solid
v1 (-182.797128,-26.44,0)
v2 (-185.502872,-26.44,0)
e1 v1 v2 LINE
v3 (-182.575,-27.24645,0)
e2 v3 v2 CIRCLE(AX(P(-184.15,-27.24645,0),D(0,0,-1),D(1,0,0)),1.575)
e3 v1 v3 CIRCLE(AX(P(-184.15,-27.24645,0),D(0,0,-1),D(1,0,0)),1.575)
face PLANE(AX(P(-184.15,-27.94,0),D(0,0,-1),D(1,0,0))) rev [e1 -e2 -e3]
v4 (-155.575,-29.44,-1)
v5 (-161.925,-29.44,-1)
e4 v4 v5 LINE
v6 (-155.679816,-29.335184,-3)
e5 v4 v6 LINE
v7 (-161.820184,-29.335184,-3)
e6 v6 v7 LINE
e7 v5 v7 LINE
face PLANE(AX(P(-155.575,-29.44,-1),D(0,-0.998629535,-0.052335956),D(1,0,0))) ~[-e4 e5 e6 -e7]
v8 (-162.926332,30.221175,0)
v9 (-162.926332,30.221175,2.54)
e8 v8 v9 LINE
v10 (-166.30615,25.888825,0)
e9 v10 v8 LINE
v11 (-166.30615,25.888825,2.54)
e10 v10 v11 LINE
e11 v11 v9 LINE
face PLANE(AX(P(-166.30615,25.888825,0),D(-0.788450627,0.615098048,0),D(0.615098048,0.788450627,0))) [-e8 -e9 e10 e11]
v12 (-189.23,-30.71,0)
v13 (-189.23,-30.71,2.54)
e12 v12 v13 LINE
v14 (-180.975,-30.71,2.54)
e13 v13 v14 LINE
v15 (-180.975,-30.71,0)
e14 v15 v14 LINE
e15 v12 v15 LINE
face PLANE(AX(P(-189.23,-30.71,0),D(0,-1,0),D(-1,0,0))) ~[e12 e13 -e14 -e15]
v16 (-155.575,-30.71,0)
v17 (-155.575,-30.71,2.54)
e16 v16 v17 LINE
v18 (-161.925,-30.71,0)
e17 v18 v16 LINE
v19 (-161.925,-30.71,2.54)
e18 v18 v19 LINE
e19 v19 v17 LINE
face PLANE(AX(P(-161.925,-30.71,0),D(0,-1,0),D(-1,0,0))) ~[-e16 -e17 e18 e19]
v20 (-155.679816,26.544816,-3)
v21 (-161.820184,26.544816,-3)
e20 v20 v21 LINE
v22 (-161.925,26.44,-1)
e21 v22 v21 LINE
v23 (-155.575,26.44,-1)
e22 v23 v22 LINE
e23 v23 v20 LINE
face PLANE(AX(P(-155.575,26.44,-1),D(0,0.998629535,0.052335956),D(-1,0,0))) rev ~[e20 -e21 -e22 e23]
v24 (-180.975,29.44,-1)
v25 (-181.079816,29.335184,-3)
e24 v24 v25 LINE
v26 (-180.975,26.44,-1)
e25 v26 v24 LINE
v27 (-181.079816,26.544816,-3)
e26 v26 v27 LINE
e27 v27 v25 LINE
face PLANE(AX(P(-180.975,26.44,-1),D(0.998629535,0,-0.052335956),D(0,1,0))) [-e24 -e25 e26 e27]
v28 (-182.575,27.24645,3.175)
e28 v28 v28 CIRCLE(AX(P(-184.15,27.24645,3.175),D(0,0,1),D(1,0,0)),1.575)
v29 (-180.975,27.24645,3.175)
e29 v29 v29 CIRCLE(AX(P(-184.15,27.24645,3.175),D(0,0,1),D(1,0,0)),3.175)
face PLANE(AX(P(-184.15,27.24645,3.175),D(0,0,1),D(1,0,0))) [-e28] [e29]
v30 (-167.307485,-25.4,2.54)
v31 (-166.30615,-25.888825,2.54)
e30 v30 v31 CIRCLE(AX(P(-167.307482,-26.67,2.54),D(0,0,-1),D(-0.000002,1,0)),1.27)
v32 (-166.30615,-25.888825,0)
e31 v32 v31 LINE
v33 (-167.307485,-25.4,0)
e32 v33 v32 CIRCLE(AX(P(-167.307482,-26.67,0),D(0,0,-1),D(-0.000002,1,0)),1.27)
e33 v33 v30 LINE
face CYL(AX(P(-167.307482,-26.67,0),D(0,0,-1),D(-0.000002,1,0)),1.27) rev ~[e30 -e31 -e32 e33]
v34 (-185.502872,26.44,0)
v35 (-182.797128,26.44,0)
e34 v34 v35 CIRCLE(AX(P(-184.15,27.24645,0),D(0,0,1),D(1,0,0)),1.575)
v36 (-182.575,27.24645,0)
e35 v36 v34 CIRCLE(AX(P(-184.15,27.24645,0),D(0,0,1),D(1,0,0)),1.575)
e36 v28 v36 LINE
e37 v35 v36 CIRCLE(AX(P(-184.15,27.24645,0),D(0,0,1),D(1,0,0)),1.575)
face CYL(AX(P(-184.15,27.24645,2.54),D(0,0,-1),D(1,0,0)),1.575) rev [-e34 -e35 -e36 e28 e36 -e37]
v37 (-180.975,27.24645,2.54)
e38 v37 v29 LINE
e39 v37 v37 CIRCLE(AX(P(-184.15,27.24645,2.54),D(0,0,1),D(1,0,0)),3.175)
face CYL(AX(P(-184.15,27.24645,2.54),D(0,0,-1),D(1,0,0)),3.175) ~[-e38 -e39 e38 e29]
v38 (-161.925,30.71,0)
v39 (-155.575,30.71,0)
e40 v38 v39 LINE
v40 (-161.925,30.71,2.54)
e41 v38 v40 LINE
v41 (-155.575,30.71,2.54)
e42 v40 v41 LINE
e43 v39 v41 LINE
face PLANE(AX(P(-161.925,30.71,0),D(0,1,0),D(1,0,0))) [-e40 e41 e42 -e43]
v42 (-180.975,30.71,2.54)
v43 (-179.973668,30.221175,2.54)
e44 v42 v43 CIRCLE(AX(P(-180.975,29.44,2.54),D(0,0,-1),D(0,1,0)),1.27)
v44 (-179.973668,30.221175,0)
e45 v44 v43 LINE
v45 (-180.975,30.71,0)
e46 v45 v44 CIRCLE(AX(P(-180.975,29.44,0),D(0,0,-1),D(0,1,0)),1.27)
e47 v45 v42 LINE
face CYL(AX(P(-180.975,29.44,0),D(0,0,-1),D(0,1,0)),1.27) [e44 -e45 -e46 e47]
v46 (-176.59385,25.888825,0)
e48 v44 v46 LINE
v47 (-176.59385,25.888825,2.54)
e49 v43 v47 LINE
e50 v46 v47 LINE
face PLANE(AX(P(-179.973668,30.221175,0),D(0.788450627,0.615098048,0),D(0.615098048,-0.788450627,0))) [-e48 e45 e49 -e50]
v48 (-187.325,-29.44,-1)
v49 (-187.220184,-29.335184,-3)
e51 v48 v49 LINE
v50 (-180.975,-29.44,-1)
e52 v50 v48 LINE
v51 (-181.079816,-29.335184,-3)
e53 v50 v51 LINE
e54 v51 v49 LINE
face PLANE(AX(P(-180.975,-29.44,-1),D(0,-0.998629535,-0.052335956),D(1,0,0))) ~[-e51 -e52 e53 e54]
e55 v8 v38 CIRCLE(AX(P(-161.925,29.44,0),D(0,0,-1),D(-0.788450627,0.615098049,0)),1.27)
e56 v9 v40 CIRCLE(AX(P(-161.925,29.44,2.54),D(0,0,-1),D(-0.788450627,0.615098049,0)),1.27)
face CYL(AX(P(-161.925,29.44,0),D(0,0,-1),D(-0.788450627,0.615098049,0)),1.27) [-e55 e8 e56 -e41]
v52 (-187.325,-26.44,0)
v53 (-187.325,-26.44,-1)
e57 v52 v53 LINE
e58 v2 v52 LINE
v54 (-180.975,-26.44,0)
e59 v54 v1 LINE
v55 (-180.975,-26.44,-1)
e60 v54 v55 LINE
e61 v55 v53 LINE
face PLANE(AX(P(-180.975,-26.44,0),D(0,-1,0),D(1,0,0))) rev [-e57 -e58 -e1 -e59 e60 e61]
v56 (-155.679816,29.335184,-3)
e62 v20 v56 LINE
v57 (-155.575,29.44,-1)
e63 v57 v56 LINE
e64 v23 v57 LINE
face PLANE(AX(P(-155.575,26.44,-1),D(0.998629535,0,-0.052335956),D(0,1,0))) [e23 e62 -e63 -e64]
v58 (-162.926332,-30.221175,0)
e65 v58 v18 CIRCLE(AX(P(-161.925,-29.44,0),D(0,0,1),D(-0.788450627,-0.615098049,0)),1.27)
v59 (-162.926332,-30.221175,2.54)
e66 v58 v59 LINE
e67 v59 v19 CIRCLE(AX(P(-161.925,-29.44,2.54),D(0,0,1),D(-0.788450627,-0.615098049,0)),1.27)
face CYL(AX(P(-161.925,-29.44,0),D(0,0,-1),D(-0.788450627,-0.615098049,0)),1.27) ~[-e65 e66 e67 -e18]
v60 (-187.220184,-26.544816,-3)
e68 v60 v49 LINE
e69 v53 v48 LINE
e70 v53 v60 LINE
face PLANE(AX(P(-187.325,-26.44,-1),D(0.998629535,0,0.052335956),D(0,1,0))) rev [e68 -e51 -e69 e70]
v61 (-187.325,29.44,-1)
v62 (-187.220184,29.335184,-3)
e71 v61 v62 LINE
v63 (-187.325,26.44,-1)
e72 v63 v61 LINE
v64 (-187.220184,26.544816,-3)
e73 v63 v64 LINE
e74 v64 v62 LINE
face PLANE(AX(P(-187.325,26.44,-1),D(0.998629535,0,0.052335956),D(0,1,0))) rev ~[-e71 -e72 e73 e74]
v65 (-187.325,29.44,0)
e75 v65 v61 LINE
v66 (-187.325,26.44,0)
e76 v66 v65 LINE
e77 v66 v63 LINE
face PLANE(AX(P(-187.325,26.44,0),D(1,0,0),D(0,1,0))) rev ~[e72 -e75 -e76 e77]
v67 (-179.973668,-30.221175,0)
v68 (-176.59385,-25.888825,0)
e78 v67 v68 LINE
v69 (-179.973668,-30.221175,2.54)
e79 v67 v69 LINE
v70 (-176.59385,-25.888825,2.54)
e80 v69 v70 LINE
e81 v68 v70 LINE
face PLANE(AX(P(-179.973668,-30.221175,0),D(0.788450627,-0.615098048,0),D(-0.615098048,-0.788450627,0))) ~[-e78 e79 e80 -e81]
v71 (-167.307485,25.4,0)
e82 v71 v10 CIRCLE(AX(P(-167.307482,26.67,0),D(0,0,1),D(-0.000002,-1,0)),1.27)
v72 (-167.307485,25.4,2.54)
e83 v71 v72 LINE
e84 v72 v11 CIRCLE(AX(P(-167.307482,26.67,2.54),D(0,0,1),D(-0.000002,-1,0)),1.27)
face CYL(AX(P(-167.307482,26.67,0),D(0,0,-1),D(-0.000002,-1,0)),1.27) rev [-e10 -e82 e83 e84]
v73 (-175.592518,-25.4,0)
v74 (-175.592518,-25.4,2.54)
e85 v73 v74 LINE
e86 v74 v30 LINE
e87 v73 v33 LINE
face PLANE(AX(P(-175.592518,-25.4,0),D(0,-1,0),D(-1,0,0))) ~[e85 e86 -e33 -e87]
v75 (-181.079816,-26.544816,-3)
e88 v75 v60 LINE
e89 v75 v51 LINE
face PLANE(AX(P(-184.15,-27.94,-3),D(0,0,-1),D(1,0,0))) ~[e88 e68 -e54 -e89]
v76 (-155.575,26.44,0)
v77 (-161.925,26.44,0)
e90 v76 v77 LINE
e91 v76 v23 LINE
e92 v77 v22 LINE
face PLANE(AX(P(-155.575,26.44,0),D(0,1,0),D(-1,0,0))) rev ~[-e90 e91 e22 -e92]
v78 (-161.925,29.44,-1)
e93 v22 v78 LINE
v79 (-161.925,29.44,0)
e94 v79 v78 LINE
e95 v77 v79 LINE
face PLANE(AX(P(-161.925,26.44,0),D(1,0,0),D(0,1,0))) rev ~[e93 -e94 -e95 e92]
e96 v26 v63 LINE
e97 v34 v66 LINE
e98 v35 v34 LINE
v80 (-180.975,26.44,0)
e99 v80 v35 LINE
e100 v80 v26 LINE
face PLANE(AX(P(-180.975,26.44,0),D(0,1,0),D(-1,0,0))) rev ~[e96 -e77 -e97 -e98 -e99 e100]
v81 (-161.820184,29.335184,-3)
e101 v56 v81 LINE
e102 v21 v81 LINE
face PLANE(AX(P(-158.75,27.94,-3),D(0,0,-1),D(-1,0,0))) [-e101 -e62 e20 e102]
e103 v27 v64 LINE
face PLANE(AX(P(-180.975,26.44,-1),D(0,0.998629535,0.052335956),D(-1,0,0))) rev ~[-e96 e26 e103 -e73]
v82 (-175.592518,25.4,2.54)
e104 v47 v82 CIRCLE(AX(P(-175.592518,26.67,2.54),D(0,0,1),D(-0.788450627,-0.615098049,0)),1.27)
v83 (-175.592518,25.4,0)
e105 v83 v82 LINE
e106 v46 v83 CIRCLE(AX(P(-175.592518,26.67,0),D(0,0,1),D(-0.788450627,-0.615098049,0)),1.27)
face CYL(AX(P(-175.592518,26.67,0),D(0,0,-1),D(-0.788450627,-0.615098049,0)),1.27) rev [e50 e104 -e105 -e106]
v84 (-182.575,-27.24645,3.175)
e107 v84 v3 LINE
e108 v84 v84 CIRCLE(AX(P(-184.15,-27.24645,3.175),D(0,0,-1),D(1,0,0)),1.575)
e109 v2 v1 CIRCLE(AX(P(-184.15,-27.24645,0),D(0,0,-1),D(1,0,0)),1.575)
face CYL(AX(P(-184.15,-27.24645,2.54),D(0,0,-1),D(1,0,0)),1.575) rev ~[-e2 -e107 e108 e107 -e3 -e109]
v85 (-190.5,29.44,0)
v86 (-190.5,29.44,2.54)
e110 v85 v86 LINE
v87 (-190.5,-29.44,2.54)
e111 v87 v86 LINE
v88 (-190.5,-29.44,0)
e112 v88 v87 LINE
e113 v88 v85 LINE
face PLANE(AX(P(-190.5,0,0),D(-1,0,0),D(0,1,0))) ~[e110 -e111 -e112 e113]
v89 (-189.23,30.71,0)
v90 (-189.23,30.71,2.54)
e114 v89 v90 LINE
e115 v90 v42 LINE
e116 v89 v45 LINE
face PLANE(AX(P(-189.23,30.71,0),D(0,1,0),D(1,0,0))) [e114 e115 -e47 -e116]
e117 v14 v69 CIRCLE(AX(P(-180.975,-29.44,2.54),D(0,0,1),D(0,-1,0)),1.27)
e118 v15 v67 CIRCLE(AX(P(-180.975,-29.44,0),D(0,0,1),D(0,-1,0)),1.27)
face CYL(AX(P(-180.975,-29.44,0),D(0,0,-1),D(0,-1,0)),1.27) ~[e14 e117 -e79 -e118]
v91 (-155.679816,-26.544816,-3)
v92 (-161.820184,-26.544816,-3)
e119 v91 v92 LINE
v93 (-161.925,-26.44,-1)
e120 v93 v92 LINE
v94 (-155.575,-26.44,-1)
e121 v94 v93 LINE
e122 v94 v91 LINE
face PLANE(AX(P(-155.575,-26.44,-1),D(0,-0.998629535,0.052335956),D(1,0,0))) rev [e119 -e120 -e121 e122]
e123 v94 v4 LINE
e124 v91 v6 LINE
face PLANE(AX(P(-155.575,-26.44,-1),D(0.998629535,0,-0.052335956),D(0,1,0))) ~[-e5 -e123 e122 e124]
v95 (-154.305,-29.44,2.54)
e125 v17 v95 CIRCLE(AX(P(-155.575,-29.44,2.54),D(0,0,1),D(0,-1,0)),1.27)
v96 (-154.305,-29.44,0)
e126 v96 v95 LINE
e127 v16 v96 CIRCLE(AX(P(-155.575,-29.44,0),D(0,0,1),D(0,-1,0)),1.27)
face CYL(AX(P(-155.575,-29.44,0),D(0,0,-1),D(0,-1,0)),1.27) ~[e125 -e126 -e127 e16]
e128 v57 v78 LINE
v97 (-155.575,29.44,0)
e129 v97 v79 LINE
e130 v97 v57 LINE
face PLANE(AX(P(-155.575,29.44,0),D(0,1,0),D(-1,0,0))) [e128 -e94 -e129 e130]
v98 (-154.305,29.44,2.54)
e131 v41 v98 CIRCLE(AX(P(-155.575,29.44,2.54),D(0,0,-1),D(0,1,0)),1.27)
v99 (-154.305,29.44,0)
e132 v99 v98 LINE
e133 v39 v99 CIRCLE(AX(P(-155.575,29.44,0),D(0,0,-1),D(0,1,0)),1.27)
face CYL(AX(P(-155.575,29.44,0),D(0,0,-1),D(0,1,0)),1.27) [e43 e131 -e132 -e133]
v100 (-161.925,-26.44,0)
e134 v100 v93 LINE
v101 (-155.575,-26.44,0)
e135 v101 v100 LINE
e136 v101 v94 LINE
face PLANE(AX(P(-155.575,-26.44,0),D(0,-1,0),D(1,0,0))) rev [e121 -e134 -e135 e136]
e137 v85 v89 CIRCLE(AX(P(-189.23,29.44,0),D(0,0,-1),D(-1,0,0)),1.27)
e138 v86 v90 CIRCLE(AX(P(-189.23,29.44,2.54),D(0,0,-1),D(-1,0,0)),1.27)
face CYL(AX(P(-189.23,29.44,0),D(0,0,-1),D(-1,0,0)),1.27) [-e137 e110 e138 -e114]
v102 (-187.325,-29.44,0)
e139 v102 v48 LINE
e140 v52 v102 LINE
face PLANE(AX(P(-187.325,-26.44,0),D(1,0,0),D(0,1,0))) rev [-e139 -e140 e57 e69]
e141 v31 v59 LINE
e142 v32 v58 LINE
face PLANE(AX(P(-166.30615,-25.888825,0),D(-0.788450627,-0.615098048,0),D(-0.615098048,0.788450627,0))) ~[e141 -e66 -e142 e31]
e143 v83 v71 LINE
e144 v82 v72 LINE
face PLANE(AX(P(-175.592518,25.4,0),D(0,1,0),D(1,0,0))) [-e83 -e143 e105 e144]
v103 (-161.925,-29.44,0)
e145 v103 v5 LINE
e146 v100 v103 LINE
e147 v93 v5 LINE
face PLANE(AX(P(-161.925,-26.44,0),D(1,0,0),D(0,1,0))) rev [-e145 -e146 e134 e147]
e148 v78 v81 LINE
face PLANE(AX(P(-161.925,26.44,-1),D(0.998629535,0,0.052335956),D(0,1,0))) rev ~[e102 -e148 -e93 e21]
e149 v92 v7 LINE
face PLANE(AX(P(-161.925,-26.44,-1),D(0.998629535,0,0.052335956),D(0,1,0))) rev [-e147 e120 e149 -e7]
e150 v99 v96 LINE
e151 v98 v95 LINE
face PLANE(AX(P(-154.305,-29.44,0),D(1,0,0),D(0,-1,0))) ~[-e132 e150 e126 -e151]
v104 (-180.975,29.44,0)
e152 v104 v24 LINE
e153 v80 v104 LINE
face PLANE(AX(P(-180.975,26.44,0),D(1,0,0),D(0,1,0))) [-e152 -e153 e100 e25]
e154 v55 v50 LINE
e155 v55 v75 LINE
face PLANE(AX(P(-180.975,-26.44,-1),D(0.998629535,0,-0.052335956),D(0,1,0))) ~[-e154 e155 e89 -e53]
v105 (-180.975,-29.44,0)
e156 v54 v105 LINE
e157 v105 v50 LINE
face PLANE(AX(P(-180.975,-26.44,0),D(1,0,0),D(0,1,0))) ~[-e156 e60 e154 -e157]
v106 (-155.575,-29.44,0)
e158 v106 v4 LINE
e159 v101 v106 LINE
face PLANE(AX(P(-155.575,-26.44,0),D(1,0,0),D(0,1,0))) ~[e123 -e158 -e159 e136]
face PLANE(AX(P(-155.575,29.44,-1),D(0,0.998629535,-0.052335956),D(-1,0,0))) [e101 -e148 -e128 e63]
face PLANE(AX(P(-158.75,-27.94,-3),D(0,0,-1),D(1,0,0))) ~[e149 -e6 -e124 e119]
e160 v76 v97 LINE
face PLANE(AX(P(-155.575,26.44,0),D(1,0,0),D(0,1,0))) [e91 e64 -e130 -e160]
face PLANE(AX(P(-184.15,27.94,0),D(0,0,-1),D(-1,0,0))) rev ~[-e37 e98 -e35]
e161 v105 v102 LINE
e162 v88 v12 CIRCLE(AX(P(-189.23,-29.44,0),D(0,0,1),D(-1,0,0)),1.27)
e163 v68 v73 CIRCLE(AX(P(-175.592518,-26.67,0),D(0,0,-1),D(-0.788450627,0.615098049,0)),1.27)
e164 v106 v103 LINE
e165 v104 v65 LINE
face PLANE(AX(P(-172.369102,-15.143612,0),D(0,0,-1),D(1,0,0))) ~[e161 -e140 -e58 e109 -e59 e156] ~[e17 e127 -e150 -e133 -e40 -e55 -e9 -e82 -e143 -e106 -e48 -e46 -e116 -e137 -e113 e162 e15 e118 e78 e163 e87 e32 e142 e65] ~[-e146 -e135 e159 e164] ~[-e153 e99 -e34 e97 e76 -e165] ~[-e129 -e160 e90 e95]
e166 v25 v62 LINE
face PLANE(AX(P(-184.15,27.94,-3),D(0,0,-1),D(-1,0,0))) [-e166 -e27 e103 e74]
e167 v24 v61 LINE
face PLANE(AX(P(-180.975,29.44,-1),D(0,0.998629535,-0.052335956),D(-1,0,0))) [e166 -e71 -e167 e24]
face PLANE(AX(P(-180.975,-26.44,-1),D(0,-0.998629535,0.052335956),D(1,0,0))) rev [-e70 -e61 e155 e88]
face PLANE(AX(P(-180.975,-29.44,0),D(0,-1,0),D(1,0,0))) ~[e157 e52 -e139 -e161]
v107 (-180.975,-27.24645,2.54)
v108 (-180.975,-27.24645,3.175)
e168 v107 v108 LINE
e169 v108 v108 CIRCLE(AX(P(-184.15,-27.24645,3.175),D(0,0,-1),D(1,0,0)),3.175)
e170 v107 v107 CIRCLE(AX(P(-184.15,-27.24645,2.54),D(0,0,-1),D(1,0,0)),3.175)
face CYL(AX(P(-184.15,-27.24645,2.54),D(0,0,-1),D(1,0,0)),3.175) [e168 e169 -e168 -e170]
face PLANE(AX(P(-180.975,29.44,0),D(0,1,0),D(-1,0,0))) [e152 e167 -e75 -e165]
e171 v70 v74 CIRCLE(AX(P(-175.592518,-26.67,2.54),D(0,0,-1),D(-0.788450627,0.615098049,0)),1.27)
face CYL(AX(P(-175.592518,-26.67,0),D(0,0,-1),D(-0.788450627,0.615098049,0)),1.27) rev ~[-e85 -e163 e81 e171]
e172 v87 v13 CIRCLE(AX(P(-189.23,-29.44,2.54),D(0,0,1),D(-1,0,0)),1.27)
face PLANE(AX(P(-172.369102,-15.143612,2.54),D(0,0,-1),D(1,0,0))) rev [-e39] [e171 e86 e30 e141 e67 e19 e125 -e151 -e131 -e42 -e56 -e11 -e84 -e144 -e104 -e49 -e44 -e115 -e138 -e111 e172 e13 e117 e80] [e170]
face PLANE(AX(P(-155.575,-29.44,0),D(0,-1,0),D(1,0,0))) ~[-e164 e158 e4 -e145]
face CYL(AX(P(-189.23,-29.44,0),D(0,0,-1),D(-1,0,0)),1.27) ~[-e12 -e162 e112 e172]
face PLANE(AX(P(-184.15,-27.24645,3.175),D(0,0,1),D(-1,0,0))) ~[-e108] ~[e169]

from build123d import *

# Parameters (mm, degrees)
SKETCH1_R                     = 1.575
BOSS_EXTRUDE1_DEPTH           = 2.54
SKETCH2_R                     = 3.175
SKETCH2_R_2                   = 1.575
BOSS_EXTRUDE2_DEPTH           = 0.635
SKETCH3_W                     = 6.35
SKETCH3_H                     = 3
BOSS_EXTRUDE3_DEPTH           = 1
SKETCH4_W                     = 6.35
SKETCH4_H                     = 3
BOSS_EXTRUDE4_DEPTH           = 2
BOSS_EXTRUDE4_DRAFT           = 3
BOSS_EXTRUDE4_PROFILE_2_DEPTH = 2
BOSS_EXTRUDE4_PROFILE_2_DRAFT = 3


with BuildPart() as part:
    # Sketch1 → Boss-Extrude1 (new body)
    with BuildSketch(Plane.XY):
        with BuildLine():
            Line((-184.15, 30.71), (-180.975, 30.71))
            ThreePointArc((-180.975, 30.71), (-180.417860718, 30.58126939), (-179.973667703, 30.221174521))
            Line((-179.973667703, 30.221174521), (-176.593849938, 25.888825479))
            ThreePointArc((-176.593849938, 25.888825479), (-176.149656923, 25.52873061), (-175.592517642, 25.4))
            Line((-175.592517642, 25.4), (-167.307484897, 25.4))
            ThreePointArc((-167.307484897, 25.4), (-166.750344217, 25.528730053), (-166.306150062, 25.888825479))
            Line((-166.306150062, 25.888825479), (-162.926332297, 30.221174521))
            ThreePointArc((-162.926332297, 30.221174521), (-162.482139282, 30.58126939), (-161.925, 30.71))
            Line((-161.925, 30.71), (-155.575, 30.71))
            ThreePointArc((-155.575, 30.71), (-154.676974388, 30.338025612), (-154.305, 29.44))
            Line((-154.305, 29.44), (-154.305, 0))
            Line((-154.305, 0), (-190.5, 0))
            Line((-190.5, 0), (-190.5, 25.4))
            Line((-190.5, 25.4), (-190.5, 29.44))
            ThreePointArc((-190.5, 29.44), (-190.128025612, 30.338025612), (-189.23, 30.71))
            Line((-189.23, 30.71), (-184.15, 30.71))
        make_face()
        with Locations((-184.15, 27.24645)):
            Circle(SKETCH1_R, mode=Mode.SUBTRACT)
    extrude(amount=BOSS_EXTRUDE1_DEPTH)

    # Sketch2 → Boss-Extrude2 (add)
    with BuildSketch(Plane.XY.offset(2.54)):
        with Locations((-184.15, 27.24645)):
            Circle(SKETCH2_R)
        with Locations((-184.15, 27.24645)):
            Circle(SKETCH2_R_2, mode=Mode.SUBTRACT)
    extrude(amount=BOSS_EXTRUDE2_DEPTH)

    # Sketch3 → Boss-Extrude3 (add)
    with BuildSketch(Plane(origin=(0, 0, 0), x_dir=(-1, 0, 0), z_dir=(0, 0, -1))):
        with Locations((184.15, 27.94)):
            Rectangle(SKETCH3_W, SKETCH3_H)
        with Locations((158.75, 27.94)):
            Rectangle(SKETCH3_W, SKETCH3_H)
    extrude(amount=BOSS_EXTRUDE3_DEPTH)


with BuildPart() as boss_extrude4_tool:
    # Sketch4 → Boss-Extrude4 (with draft: the straight prism first)
    with BuildSketch(Plane(origin=(0, 0, -1), x_dir=(-1, 0, 0), z_dir=(0, 0, -1))):
        with Locations((184.15, 27.94)):
            Rectangle(SKETCH4_W, SKETCH4_H)
    extrude(amount=BOSS_EXTRUDE4_DEPTH)
    # Boss-Extrude4: the draft: its side faces are tilted about the plane it starts from
    boss_extrude4_sides = [boss_extrude4_tool.faces().sort_by_distance(p)[0] for p in [
        (-180.975, 27.94, -2),
        (-184.15, 26.44, -2),
        (-187.325, 27.94, -2),
        (-184.15, 29.44, -2),
    ]]
    draft(boss_extrude4_sides, Plane(origin=(0, 0, -1), x_dir=(-1, 0, 0), z_dir=(0, 0, -1)), BOSS_EXTRUDE4_DRAFT)


with BuildPart() as part_1:
    add(part.part)

    # Boss-Extrude4: add boss_extrude4_tool
    add(boss_extrude4_tool.part)


with BuildPart() as boss_extrude4_profile_2_tool:
    # Sketch4 → Boss-Extrude4 profile 2 (with draft: the straight prism first)
    with BuildSketch(Plane(origin=(0, 0, -1), x_dir=(-1, 0, 0), z_dir=(0, 0, -1))):
        with Locations((158.75, 27.94)):
            Rectangle(SKETCH4_W, SKETCH4_H)
    extrude(amount=BOSS_EXTRUDE4_PROFILE_2_DEPTH)
    # Boss-Extrude4 profile 2: the draft: its side faces are tilted about the plane it starts from
    boss_extrude4_profile_2_sides = [boss_extrude4_profile_2_tool.faces().sort_by_distance(p)[0] for p in [
        (-155.575, 27.94, -2),
        (-158.75, 26.44, -2),
        (-161.925, 27.94, -2),
        (-158.75, 29.44, -2),
    ]]
    draft(boss_extrude4_profile_2_sides, Plane(origin=(0, 0, -1), x_dir=(-1, 0, 0), z_dir=(0, 0, -1)), BOSS_EXTRUDE4_PROFILE_2_DRAFT)


with BuildPart() as part_2:
    add(part_1.part)

    # Boss-Extrude4 profile 2: add boss_extrude4_profile_2_tool
    add(boss_extrude4_profile_2_tool.part)

    # Mirror1: part across plane


with BuildPart() as part_3:
    add(part_2.part)
    add(part_2.part.mirror(Plane.ZX))


solid = part_3.part
